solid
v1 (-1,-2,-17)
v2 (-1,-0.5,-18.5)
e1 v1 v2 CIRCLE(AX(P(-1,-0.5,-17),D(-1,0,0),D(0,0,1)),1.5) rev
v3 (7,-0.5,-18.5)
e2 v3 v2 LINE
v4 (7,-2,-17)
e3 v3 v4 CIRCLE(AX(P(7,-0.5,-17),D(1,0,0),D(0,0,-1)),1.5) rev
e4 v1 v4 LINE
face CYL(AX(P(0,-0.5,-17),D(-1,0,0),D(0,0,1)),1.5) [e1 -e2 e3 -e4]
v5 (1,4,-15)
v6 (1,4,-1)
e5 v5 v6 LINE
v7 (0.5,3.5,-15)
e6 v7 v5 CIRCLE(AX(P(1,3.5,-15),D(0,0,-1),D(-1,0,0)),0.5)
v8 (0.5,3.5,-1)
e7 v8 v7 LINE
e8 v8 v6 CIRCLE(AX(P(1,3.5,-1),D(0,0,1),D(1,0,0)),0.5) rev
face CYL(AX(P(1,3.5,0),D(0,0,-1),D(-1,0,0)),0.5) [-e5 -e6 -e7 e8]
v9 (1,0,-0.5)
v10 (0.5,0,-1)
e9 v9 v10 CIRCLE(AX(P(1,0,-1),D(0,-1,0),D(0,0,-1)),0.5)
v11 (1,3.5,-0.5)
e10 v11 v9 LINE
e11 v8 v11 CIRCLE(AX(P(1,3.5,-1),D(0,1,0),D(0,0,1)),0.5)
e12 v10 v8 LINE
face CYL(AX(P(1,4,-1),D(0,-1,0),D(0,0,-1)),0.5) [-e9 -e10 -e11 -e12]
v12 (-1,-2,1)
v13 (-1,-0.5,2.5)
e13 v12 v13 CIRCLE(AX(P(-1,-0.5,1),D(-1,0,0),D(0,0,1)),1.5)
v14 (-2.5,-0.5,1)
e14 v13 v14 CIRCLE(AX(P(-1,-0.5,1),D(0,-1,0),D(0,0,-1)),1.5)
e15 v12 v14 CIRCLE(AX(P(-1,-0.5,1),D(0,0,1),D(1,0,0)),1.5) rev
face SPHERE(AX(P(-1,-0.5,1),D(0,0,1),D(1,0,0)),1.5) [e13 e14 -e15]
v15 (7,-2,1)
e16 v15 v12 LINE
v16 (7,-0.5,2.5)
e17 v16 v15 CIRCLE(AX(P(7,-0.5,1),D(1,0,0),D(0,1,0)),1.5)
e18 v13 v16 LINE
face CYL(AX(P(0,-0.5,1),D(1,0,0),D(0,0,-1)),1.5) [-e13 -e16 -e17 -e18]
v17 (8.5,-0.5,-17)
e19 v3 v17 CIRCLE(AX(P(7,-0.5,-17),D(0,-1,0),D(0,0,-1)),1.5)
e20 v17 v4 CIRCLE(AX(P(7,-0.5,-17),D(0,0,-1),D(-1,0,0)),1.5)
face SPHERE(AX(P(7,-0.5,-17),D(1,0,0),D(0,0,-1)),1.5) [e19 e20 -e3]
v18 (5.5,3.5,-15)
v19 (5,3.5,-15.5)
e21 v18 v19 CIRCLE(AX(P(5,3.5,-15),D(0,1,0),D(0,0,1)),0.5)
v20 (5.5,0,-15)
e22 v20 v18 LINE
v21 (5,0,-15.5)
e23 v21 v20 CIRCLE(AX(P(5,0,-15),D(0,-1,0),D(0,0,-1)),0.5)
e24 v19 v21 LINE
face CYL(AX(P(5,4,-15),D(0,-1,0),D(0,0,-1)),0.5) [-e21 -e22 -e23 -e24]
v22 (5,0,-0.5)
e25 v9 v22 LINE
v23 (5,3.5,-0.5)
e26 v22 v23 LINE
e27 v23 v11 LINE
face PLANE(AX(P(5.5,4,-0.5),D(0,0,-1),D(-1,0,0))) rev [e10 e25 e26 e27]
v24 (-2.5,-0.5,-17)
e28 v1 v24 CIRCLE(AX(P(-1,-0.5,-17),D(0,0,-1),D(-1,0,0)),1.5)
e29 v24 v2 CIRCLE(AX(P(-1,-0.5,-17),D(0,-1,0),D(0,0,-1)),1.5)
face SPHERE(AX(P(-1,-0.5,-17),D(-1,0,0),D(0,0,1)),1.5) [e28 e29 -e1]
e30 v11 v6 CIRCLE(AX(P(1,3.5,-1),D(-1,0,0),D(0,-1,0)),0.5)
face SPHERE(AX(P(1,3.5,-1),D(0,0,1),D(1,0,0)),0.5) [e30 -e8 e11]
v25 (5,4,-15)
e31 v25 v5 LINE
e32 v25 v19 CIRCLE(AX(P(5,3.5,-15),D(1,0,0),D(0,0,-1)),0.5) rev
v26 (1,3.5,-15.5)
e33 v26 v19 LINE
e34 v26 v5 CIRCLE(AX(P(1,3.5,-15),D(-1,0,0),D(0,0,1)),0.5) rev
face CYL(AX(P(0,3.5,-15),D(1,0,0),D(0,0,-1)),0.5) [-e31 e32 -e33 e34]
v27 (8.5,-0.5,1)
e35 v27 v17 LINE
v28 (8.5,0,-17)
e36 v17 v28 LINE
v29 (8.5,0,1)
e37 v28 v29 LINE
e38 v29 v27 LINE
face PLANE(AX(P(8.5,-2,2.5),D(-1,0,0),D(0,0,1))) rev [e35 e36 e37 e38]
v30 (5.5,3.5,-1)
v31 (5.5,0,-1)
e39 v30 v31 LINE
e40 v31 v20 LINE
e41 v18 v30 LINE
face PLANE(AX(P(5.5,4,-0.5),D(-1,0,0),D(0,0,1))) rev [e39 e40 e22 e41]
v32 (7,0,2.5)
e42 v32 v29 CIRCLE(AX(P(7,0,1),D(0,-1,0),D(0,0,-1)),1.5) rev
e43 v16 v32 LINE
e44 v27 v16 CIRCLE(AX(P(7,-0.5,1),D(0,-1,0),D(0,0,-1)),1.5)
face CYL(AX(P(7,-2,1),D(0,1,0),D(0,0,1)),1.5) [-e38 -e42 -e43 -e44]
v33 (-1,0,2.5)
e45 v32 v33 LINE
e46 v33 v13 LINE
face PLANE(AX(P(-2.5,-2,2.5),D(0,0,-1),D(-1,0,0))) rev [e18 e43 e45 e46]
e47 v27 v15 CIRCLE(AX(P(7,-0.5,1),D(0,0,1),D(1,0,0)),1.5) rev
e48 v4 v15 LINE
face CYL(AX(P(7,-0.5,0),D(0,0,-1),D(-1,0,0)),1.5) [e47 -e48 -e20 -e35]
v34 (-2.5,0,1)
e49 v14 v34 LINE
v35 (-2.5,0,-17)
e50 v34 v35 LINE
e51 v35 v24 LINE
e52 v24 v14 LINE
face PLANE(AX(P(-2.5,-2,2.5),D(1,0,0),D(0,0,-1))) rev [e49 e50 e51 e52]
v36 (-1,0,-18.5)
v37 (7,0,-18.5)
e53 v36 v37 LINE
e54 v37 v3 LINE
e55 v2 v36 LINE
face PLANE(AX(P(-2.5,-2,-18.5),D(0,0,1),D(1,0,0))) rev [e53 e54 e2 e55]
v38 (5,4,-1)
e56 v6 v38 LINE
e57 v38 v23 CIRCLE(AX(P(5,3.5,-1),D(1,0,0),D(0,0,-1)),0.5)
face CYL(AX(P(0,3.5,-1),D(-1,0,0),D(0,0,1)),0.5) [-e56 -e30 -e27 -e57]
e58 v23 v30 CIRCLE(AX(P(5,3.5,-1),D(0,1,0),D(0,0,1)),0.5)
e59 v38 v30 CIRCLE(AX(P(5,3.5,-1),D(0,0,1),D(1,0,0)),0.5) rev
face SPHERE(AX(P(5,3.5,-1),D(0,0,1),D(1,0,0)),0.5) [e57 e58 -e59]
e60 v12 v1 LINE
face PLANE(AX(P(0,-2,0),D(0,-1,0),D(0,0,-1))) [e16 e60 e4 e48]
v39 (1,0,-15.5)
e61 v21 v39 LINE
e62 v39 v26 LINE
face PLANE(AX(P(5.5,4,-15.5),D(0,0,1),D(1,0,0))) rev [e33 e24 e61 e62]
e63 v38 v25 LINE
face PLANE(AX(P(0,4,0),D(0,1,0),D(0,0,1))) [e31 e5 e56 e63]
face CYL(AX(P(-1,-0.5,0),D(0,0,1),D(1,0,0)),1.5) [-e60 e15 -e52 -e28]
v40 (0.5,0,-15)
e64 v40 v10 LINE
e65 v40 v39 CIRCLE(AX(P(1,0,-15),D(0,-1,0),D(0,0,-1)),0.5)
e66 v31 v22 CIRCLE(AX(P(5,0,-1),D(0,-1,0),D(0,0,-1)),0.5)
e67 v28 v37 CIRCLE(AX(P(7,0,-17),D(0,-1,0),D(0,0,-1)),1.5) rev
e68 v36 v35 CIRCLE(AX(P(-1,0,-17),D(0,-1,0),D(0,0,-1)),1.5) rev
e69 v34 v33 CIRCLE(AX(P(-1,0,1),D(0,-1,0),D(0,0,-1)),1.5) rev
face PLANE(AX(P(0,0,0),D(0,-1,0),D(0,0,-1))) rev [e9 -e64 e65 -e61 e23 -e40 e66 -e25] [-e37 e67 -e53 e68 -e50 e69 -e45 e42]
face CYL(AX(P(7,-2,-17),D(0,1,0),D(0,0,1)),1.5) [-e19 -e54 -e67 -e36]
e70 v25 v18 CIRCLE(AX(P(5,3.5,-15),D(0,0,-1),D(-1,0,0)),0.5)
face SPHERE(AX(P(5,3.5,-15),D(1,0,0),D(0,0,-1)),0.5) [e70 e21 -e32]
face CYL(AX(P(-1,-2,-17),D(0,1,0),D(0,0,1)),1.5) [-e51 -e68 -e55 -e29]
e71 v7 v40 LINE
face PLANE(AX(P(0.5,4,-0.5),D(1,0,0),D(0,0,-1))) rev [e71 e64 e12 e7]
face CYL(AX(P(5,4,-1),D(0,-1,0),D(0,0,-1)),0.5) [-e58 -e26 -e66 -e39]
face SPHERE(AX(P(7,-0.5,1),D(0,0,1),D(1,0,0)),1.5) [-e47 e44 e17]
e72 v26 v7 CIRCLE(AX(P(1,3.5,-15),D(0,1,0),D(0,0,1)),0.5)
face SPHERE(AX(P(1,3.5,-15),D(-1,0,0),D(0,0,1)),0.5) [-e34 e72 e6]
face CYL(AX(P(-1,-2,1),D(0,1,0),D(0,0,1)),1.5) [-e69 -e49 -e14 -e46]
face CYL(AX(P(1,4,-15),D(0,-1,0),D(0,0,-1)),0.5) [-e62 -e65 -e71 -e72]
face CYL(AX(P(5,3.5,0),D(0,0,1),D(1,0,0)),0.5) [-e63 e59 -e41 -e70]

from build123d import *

# Parameters (mm, degrees)
SKETCH1_W           = 5
SKETCH1_H           = 15
BOSS_EXTRUDE1_DEPTH = 4
SKETCH2_W           = 11
SKETCH2_H           = 21
BOSS_EXTRUDE2_DEPTH = 2
FILLET1_R           = 0.5
FILLET2_R           = 1.5


with BuildPart() as part:
    # Sketch1 → Boss-Extrude1 (new body)
    with BuildSketch(Plane(origin=(0, 0, 0), x_dir=(1, 0, 0), z_dir=(0, 1, 0))):
        with Locations((3, 8)):
            Rectangle(SKETCH1_W, SKETCH1_H)
    extrude(amount=BOSS_EXTRUDE1_DEPTH)

    # Sketch2 → Boss-Extrude2 (add)
    with BuildSketch(Plane.XZ):
        with Locations((3, -8)):
            Rectangle(SKETCH2_W, SKETCH2_H)
    extrude(amount=BOSS_EXTRUDE2_DEPTH)

    # Fillet1
    fillet1_edges = [part.edges().sort_by_distance(p)[0] for p in [
        (5.5, 4, -8),
        (3, 4, -15.5),
        (0.5, 4, -8),
        (0.5, 2, -15.5),
        (5.5, 2, -15.5),
        (5.5, 2, -0.5),
        (0.5, 2, -0.5),
        (3, 4, -0.5),
    ]]
    fillet(fillet1_edges, radius=FILLET1_R)

    # Fillet2
    fillet2_edges = [part.edges().sort_by_distance(p)[0] for p in [
        (8.5, -1, -18.5),
        (8.5, -1, 2.5),
        (-2.5, -1, 2.5),
        (-2.5, -1, -18.5),
        (8.5, -2, -8),
        (3, -2, 2.5),
        (-2.5, -2, -8),
        (3, -2, -18.5),
    ]]
    fillet(fillet2_edges, radius=FILLET2_R)


solid = part.part
